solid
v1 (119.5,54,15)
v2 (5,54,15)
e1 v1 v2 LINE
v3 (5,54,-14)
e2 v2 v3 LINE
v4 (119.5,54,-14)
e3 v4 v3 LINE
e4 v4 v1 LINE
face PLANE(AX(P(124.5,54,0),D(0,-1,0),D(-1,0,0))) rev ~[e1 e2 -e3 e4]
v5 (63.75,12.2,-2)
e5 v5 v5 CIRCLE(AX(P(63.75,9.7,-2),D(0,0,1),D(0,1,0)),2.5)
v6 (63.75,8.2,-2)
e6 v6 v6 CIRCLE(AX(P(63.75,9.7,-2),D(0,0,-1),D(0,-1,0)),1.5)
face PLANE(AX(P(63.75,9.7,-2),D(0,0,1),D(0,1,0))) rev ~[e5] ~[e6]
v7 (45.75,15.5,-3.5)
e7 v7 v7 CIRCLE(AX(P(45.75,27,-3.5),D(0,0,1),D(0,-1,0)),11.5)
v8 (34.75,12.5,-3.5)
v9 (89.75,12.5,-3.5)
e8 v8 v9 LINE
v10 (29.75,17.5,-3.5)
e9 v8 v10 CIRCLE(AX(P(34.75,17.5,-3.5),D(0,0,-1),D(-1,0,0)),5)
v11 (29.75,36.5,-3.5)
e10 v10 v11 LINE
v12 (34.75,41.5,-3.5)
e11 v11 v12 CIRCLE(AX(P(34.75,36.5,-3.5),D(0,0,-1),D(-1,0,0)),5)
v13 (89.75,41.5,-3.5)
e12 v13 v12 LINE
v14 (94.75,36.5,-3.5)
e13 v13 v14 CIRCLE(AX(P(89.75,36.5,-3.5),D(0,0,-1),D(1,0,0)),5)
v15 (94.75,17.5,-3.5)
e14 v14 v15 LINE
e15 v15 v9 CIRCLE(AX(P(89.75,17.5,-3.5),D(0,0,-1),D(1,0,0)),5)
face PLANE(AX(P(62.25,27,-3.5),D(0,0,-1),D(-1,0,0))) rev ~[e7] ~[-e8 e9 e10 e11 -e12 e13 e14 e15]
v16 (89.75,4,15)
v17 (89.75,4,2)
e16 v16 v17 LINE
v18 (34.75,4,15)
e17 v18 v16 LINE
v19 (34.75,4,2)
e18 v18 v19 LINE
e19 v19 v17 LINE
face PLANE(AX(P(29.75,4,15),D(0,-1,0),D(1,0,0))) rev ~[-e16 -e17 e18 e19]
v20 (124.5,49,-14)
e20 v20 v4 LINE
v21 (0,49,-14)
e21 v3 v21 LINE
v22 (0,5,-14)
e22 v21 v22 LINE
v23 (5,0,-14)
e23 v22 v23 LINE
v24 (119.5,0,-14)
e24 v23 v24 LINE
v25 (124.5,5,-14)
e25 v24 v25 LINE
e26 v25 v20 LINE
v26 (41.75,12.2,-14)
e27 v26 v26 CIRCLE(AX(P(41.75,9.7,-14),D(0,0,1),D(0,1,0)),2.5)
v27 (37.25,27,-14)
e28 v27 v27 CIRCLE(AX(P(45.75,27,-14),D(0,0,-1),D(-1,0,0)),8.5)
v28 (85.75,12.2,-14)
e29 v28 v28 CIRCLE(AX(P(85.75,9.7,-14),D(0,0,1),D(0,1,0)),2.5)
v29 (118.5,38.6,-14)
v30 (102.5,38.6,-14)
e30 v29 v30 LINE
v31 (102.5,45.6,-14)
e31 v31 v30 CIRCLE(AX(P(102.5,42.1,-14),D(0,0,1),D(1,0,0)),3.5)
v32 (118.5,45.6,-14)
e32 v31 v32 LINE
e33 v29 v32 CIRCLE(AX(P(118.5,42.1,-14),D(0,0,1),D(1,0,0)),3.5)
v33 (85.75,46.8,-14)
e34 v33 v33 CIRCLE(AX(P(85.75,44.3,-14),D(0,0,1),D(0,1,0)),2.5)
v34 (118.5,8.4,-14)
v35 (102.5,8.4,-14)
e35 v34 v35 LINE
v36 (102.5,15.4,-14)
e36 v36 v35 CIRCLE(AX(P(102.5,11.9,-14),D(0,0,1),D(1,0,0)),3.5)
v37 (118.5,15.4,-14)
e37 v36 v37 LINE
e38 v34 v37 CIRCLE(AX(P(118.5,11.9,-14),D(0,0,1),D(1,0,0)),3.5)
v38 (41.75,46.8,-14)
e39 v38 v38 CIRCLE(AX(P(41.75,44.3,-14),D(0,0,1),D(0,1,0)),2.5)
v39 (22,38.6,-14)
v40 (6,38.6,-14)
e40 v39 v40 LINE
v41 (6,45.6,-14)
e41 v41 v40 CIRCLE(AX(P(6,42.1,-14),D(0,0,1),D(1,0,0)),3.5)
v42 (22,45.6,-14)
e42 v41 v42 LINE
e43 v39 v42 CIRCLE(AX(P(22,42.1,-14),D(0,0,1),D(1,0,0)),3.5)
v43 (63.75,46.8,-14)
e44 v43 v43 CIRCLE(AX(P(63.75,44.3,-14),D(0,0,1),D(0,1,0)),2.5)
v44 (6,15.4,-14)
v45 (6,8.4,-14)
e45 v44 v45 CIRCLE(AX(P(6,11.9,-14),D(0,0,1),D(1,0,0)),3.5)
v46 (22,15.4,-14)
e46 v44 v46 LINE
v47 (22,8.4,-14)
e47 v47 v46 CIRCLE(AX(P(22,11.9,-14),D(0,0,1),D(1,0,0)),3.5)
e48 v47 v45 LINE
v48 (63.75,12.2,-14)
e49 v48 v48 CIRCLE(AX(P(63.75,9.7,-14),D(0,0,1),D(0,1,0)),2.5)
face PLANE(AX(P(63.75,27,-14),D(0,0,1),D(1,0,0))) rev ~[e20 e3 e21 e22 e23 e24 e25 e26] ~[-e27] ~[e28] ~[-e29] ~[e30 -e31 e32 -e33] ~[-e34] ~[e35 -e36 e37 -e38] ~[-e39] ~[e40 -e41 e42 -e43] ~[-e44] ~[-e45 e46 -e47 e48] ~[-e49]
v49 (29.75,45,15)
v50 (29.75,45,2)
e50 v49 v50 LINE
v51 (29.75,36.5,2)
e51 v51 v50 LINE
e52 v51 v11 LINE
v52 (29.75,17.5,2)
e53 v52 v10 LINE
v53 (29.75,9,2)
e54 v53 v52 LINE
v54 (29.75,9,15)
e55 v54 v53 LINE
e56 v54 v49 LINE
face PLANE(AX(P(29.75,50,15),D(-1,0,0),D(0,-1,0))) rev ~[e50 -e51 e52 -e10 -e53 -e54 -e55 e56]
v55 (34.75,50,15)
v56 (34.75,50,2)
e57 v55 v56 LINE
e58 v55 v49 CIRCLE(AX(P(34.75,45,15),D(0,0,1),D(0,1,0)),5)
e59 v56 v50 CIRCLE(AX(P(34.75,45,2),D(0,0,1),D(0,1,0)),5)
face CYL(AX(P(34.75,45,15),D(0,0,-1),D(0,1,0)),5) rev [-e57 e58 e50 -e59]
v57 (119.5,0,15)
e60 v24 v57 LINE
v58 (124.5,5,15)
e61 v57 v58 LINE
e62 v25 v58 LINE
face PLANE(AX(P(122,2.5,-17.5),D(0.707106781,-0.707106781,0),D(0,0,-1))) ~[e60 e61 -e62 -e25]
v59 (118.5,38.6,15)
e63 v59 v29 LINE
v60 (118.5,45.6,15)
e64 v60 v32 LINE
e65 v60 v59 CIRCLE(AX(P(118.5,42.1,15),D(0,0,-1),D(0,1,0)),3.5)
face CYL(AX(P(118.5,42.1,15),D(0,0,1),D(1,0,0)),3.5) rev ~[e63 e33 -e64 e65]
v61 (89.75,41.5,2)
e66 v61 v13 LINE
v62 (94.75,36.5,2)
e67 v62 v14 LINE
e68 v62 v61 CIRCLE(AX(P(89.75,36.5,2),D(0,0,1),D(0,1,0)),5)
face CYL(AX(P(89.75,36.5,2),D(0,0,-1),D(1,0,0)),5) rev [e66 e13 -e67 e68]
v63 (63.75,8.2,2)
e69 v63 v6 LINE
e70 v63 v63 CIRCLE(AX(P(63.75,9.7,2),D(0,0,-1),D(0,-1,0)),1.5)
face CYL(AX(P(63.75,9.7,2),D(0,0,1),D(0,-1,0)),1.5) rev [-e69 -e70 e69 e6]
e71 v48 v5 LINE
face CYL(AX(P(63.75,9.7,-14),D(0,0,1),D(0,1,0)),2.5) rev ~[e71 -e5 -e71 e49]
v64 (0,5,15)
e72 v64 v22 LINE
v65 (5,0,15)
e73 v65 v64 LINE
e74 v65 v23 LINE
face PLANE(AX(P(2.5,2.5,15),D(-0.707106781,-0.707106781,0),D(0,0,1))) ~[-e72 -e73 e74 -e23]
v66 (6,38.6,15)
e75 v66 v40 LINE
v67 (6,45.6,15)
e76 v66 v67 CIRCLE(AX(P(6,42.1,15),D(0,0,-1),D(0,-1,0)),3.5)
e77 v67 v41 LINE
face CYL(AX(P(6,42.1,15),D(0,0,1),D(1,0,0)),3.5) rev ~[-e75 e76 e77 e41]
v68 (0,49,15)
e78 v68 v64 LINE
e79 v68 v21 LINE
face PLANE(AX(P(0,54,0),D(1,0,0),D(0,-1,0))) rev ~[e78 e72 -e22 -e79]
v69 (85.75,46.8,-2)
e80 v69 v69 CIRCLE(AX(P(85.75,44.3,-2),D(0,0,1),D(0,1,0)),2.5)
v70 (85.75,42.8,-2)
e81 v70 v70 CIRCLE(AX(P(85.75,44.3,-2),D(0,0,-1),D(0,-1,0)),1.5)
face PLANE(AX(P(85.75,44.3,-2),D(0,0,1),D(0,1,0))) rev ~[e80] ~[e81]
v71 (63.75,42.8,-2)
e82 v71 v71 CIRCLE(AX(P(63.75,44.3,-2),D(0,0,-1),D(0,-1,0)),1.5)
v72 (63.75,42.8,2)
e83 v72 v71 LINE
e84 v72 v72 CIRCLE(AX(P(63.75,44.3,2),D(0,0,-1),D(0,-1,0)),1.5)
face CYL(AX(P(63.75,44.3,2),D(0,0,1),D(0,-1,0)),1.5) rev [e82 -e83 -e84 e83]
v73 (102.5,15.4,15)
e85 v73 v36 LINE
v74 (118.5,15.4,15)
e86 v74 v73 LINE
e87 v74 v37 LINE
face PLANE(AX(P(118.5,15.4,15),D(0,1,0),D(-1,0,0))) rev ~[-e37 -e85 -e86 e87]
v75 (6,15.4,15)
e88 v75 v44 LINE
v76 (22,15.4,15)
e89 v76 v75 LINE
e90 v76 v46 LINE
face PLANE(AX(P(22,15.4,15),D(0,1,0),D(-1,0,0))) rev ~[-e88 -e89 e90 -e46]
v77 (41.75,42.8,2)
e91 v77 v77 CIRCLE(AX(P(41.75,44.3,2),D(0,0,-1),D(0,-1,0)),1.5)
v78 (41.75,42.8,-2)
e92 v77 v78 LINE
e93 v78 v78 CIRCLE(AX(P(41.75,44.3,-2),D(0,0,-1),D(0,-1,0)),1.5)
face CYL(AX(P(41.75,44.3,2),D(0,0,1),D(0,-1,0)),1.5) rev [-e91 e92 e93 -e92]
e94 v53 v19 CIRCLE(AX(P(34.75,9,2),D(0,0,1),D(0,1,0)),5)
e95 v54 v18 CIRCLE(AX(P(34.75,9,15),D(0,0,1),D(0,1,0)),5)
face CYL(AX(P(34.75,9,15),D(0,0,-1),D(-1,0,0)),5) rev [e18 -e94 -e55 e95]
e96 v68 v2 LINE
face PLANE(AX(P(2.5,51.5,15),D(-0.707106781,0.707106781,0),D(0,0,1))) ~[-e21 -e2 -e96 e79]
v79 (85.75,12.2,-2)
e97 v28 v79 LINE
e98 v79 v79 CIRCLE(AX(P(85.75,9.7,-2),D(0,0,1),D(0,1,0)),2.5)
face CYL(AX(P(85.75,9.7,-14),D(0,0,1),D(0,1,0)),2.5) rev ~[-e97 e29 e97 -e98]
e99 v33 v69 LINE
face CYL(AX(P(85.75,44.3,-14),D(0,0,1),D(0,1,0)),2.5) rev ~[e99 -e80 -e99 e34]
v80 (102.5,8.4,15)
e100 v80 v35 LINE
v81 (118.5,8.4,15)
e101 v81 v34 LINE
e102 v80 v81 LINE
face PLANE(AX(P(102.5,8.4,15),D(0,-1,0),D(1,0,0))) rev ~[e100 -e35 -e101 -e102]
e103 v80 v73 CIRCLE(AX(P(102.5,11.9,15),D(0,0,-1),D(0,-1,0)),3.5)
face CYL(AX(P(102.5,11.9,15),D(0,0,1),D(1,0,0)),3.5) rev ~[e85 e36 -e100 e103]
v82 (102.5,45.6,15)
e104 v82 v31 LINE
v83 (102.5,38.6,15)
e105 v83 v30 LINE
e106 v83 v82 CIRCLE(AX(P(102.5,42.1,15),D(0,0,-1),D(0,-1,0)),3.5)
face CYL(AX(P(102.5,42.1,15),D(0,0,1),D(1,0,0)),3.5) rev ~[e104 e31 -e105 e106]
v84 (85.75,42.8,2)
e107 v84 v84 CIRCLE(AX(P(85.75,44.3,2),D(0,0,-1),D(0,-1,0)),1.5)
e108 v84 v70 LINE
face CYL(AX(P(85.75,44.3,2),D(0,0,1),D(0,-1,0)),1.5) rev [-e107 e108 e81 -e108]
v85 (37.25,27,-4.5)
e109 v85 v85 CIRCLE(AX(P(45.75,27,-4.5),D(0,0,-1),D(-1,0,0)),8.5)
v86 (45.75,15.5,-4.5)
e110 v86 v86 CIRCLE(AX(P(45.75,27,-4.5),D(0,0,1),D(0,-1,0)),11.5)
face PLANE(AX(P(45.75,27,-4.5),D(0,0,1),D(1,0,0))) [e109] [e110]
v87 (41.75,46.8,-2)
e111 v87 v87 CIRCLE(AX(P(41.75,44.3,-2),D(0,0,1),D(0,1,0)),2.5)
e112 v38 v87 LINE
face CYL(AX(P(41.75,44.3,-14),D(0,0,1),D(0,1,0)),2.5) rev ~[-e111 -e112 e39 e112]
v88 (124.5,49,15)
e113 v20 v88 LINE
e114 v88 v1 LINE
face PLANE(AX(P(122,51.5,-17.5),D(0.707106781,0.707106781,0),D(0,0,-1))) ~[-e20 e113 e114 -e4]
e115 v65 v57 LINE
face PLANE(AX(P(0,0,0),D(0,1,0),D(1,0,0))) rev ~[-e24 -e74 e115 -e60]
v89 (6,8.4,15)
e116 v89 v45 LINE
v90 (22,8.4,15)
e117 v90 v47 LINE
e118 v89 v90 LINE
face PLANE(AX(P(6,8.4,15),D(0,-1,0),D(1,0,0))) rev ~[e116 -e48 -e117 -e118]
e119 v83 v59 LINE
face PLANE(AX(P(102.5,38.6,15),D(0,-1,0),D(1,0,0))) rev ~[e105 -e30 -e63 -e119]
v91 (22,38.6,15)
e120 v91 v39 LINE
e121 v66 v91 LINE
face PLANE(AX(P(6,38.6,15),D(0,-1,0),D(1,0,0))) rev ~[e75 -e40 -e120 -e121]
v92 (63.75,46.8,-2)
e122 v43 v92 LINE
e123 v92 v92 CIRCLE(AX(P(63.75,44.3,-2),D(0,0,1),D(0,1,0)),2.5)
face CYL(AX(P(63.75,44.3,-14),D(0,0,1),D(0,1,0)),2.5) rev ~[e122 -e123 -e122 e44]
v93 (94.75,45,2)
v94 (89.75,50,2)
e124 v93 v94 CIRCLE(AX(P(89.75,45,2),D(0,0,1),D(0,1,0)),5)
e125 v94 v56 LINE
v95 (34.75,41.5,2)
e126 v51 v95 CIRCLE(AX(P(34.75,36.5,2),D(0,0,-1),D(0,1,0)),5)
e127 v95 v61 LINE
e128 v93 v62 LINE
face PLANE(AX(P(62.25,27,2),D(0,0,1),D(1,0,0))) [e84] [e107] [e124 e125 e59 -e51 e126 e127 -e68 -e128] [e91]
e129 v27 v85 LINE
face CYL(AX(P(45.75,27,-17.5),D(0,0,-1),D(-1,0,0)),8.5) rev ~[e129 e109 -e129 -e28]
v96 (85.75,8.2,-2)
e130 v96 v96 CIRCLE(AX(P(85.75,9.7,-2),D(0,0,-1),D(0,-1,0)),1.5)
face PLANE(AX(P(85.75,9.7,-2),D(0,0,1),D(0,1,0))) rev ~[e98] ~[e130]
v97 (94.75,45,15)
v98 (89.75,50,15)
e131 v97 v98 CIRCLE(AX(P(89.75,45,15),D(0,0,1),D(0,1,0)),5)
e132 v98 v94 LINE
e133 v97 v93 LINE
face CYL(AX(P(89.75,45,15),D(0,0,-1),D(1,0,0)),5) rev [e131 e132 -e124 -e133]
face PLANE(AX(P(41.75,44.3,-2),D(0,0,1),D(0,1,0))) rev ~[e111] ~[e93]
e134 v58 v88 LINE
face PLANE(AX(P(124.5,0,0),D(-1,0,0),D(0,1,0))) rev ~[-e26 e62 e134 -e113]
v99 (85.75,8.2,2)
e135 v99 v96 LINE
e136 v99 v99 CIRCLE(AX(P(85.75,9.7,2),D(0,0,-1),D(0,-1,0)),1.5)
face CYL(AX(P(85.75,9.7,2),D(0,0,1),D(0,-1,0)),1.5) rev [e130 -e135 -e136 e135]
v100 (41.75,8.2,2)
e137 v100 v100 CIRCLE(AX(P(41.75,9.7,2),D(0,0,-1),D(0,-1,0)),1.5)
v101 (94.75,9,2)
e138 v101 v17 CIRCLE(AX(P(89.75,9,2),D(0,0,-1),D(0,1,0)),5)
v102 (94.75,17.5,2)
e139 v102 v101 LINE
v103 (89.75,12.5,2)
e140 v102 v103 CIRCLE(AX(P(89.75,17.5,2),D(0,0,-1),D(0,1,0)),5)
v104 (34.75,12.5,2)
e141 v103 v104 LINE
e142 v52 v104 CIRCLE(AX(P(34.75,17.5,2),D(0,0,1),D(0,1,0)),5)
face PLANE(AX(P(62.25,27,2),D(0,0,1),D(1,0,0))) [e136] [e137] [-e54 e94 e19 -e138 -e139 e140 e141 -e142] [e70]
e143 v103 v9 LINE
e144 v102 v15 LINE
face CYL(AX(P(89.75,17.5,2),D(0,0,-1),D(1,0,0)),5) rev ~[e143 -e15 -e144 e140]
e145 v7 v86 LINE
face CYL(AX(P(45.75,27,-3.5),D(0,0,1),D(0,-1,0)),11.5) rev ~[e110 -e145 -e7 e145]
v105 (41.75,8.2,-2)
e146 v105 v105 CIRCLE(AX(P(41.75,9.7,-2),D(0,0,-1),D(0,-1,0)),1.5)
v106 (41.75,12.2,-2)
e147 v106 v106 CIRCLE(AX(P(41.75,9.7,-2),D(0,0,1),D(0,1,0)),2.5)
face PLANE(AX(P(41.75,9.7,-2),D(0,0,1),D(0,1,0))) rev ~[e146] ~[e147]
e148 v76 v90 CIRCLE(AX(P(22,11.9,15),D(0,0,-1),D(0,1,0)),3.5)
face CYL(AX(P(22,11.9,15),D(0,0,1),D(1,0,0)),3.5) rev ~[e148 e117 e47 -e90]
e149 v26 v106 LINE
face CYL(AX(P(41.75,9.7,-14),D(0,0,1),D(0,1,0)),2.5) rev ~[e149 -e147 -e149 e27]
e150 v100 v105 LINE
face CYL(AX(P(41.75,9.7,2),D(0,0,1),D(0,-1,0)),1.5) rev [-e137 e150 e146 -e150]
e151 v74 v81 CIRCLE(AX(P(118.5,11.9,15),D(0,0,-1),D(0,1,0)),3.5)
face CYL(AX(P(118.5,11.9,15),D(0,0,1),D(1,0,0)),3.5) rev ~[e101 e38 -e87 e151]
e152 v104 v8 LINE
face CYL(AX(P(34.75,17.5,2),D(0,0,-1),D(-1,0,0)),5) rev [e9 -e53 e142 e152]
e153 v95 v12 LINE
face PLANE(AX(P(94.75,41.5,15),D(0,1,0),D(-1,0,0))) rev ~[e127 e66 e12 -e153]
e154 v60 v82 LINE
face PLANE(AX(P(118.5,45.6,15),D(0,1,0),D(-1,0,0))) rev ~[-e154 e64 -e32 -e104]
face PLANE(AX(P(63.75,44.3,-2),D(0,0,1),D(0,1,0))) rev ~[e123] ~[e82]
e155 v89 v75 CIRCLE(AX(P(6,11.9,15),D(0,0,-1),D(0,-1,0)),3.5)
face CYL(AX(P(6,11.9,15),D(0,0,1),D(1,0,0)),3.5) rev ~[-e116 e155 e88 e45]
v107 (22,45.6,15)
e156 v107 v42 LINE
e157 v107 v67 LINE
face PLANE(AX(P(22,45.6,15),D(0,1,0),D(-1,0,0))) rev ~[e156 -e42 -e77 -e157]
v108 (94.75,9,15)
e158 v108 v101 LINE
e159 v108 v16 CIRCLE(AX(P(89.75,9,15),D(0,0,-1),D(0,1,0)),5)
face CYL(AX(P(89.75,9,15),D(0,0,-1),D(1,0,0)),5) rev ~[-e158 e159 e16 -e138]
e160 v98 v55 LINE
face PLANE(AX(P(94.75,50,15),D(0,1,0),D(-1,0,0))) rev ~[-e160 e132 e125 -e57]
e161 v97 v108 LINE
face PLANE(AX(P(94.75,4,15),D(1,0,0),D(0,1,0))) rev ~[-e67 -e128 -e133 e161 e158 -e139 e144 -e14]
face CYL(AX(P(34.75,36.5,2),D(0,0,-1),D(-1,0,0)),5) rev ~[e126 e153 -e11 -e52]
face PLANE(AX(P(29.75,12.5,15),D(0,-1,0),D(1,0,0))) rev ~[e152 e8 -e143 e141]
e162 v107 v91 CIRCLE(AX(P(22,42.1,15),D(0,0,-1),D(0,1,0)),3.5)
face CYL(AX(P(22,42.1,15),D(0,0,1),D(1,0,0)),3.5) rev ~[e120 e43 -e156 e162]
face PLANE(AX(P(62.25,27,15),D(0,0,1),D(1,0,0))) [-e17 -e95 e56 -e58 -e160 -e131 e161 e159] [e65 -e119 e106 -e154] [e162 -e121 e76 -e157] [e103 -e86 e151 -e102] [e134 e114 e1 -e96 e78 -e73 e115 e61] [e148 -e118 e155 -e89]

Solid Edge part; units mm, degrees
sketch "Sketch1" plane through (0, 0, 0) normal (0, 0, 1) x (1, 0, 0)
  line L0 (0, 0) -> (124.5, 0)
  line L1 (124.5, 0) -> (124.5, 54)
  line L2 (124.5, 54) -> (0, 54)
  line L3 (0, 54) -> (0, 0)
extrude "Protrusion1" add sketch "Sketch1" along normal up to vertex (15 mm away) and the other way up to vertex (17.5 mm away)
chamfer "Chamfer1" distance 5 angle 45 4 edges at (0, 0, -1.25) (124.5, 0, -1.25) (124.5, 54, -1.25) (0, 54, -1.25)
sketch "Sketch2" plane through (62.25, 27, 15) normal (0, 0, 1) x (1, 0, 0)
  line L0 (-56.25, 11.6) -> (-40.25, 11.6)
  arc A0 (-40.25, 11.6) -> (-36.75, 15.1) centre (-40.25, 15.1) ccw
  arc A1 (-36.75, 15.1) -> (-40.25, 18.6) centre (-40.25, 15.1) ccw
  line L1 (-40.25, 18.6) -> (-56.25, 18.6)
  arc A2 (-56.25, 18.6) -> (-58.9973, 12.9315) centre (-56.25, 15.1) ccw
  arc A3 (-56.25, 11.6) -> (-58.9973, 12.9315) centre (-56.25, 15.1) cw
extrude "Cutout1" cut sketch "Sketch2" against normal through all
pattern_linear "Pattern1" count 2 spacing 96.5 along (1, 0, 0) count 2 spacing 30.2 along (0, -1, 0) of "Cutout1"
sketch "Sketch3" plane through (62.25, 27, 15) normal (0, 0, 1) x (1, 0, 0)
  line L0 (32.5, 14.5) -> (-32.5, 14.5)
  line L1 (-32.5, 14.5) -> (-32.5, -14.5)
  line L2 (-32.5, -14.5) -> (32.5, -14.5)
  line L3 (32.5, -14.5) -> (32.5, 14.5)
extrude "Cutout2" cut sketch "Sketch3" against normal through all
sketch "Sketch4" plane through (62.25, 27, 15) normal (0, 0, 1) x (1, 0, 0)
  line L0 (32.5, 23) -> (-32.5, 23)
  line L1 (-32.5, 23) -> (-32.5, -23)
  line L2 (-32.5, -23) -> (32.5, -23)
  line L3 (32.5, -23) -> (32.5, 23)
extrude "VaciadoExtruido_3" cut sketch "Sketch4" against normal blind 13
fillet "Redondeo_1" radius 5 8 edges at (29.75, 50, 8.5) (94.75, 50, 8.5) (94.75, 4, 8.5) (94.75, 12.5, -7.75) (94.75, 41.5, -7.75) (29.75, 41.5, -7.75) (29.75, 4, 8.5) (29.75, 12.5, -7.75)
sketch "Sketch5" plane through (62.25, 27, -17.5) normal (0, 0, -1) x (-1, 0, 0)
  line L0 (-32.5, 23) -> (-32.5, -23)
  line L1 (-32.5, -23) -> (32.5, -23)
  line L2 (32.5, -23) -> (32.5, 23)
  line L3 (32.5, 23) -> (-32.5, 23)
extrude "Protrusion2" add sketch "Sketch5" against normal up to vertex (14 mm away)
sketch "Sketch6" plane through (62.25, 27, -17.5) normal (0, 0, -1) x (-1, 0, 0)
  circle A0 centre (16.5, 0) radius 8.5
extrude "Cutout3" cut sketch "Sketch6" against normal up to vertex (14 mm away)
hole "Agujero_1" at (41.75, 9.7, 2) direction (0, 0, -1) diameter 3 end through all
hole "Hole1" at (63.75, 9.7, 2) direction (0, 0, -1) diameter 3 end through all
hole "Hole2" at (85.75, 9.7, 2) direction (0, 0, -1) diameter 3 end through all
hole "Hole3" at (41.75, 44.3, 2) direction (0, 0, -1) diameter 3 end through all
hole "Hole4" at (63.75, 44.3, 2) direction (0, 0, -1) diameter 3 end through all
hole "Hole5" at (85.75, 44.3, 2) direction (0, 0, -1) diameter 3 end through all
sketch "Sketch7" plane through (14, 27, -14) normal (0, 0, -1) x (-1, 0, 0)
  line L0 (15.0837, -36.0096) -> (-114.5837, -36.0096)
  line L1 (-114.5837, -36.0096) -> (-114.5837, 36.0096)
  line L2 (-114.5837, 36.0096) -> (15.0837, 36.0096)
  line L3 (15.0837, 36.0096) -> (15.0837, -36.0096)
extrude "VaciadoExtruido_8" cut sketch "Sketch7" along normal through all
hole "Agujero_7" at (41.75, 9.7, -14) direction (0, 0, 1) diameter 3 end up to next counterbore diameter 5 counterbore depth 12
hole "Hole6" at (63.75, 9.7, -14) direction (0, 0, 1) diameter 3 end up to next counterbore diameter 5 counterbore depth 12
hole "Hole7" at (85.75, 9.7, -14) direction (0, 0, 1) diameter 3 end up to next counterbore diameter 5 counterbore depth 12
hole "Hole8" at (41.75, 44.3, -14) direction (0, 0, 1) diameter 3 end up to next counterbore diameter 5 counterbore depth 12
hole "Hole9" at (63.75, 44.3, -14) direction (0, 0, 1) diameter 3 end up to next counterbore diameter 5 counterbore depth 12
hole "Hole10" at (85.75, 44.3, -14) direction (0, 0, 1) diameter 3 end up to next counterbore diameter 5 counterbore depth 12
sketch "Sketch8" plane through (62.25, 27, -3.5) normal (0, 0, 1) x (0, -1, 0)
  circle A0 centre (0, -16.5) radius 11.5
  dimension "D1" = 23
extrude "VaciadoExtruido_9" cut sketch "Sketch8" against normal blind 1
properties part number "BRAZO2" material "Aluminio, 7075-T6"
